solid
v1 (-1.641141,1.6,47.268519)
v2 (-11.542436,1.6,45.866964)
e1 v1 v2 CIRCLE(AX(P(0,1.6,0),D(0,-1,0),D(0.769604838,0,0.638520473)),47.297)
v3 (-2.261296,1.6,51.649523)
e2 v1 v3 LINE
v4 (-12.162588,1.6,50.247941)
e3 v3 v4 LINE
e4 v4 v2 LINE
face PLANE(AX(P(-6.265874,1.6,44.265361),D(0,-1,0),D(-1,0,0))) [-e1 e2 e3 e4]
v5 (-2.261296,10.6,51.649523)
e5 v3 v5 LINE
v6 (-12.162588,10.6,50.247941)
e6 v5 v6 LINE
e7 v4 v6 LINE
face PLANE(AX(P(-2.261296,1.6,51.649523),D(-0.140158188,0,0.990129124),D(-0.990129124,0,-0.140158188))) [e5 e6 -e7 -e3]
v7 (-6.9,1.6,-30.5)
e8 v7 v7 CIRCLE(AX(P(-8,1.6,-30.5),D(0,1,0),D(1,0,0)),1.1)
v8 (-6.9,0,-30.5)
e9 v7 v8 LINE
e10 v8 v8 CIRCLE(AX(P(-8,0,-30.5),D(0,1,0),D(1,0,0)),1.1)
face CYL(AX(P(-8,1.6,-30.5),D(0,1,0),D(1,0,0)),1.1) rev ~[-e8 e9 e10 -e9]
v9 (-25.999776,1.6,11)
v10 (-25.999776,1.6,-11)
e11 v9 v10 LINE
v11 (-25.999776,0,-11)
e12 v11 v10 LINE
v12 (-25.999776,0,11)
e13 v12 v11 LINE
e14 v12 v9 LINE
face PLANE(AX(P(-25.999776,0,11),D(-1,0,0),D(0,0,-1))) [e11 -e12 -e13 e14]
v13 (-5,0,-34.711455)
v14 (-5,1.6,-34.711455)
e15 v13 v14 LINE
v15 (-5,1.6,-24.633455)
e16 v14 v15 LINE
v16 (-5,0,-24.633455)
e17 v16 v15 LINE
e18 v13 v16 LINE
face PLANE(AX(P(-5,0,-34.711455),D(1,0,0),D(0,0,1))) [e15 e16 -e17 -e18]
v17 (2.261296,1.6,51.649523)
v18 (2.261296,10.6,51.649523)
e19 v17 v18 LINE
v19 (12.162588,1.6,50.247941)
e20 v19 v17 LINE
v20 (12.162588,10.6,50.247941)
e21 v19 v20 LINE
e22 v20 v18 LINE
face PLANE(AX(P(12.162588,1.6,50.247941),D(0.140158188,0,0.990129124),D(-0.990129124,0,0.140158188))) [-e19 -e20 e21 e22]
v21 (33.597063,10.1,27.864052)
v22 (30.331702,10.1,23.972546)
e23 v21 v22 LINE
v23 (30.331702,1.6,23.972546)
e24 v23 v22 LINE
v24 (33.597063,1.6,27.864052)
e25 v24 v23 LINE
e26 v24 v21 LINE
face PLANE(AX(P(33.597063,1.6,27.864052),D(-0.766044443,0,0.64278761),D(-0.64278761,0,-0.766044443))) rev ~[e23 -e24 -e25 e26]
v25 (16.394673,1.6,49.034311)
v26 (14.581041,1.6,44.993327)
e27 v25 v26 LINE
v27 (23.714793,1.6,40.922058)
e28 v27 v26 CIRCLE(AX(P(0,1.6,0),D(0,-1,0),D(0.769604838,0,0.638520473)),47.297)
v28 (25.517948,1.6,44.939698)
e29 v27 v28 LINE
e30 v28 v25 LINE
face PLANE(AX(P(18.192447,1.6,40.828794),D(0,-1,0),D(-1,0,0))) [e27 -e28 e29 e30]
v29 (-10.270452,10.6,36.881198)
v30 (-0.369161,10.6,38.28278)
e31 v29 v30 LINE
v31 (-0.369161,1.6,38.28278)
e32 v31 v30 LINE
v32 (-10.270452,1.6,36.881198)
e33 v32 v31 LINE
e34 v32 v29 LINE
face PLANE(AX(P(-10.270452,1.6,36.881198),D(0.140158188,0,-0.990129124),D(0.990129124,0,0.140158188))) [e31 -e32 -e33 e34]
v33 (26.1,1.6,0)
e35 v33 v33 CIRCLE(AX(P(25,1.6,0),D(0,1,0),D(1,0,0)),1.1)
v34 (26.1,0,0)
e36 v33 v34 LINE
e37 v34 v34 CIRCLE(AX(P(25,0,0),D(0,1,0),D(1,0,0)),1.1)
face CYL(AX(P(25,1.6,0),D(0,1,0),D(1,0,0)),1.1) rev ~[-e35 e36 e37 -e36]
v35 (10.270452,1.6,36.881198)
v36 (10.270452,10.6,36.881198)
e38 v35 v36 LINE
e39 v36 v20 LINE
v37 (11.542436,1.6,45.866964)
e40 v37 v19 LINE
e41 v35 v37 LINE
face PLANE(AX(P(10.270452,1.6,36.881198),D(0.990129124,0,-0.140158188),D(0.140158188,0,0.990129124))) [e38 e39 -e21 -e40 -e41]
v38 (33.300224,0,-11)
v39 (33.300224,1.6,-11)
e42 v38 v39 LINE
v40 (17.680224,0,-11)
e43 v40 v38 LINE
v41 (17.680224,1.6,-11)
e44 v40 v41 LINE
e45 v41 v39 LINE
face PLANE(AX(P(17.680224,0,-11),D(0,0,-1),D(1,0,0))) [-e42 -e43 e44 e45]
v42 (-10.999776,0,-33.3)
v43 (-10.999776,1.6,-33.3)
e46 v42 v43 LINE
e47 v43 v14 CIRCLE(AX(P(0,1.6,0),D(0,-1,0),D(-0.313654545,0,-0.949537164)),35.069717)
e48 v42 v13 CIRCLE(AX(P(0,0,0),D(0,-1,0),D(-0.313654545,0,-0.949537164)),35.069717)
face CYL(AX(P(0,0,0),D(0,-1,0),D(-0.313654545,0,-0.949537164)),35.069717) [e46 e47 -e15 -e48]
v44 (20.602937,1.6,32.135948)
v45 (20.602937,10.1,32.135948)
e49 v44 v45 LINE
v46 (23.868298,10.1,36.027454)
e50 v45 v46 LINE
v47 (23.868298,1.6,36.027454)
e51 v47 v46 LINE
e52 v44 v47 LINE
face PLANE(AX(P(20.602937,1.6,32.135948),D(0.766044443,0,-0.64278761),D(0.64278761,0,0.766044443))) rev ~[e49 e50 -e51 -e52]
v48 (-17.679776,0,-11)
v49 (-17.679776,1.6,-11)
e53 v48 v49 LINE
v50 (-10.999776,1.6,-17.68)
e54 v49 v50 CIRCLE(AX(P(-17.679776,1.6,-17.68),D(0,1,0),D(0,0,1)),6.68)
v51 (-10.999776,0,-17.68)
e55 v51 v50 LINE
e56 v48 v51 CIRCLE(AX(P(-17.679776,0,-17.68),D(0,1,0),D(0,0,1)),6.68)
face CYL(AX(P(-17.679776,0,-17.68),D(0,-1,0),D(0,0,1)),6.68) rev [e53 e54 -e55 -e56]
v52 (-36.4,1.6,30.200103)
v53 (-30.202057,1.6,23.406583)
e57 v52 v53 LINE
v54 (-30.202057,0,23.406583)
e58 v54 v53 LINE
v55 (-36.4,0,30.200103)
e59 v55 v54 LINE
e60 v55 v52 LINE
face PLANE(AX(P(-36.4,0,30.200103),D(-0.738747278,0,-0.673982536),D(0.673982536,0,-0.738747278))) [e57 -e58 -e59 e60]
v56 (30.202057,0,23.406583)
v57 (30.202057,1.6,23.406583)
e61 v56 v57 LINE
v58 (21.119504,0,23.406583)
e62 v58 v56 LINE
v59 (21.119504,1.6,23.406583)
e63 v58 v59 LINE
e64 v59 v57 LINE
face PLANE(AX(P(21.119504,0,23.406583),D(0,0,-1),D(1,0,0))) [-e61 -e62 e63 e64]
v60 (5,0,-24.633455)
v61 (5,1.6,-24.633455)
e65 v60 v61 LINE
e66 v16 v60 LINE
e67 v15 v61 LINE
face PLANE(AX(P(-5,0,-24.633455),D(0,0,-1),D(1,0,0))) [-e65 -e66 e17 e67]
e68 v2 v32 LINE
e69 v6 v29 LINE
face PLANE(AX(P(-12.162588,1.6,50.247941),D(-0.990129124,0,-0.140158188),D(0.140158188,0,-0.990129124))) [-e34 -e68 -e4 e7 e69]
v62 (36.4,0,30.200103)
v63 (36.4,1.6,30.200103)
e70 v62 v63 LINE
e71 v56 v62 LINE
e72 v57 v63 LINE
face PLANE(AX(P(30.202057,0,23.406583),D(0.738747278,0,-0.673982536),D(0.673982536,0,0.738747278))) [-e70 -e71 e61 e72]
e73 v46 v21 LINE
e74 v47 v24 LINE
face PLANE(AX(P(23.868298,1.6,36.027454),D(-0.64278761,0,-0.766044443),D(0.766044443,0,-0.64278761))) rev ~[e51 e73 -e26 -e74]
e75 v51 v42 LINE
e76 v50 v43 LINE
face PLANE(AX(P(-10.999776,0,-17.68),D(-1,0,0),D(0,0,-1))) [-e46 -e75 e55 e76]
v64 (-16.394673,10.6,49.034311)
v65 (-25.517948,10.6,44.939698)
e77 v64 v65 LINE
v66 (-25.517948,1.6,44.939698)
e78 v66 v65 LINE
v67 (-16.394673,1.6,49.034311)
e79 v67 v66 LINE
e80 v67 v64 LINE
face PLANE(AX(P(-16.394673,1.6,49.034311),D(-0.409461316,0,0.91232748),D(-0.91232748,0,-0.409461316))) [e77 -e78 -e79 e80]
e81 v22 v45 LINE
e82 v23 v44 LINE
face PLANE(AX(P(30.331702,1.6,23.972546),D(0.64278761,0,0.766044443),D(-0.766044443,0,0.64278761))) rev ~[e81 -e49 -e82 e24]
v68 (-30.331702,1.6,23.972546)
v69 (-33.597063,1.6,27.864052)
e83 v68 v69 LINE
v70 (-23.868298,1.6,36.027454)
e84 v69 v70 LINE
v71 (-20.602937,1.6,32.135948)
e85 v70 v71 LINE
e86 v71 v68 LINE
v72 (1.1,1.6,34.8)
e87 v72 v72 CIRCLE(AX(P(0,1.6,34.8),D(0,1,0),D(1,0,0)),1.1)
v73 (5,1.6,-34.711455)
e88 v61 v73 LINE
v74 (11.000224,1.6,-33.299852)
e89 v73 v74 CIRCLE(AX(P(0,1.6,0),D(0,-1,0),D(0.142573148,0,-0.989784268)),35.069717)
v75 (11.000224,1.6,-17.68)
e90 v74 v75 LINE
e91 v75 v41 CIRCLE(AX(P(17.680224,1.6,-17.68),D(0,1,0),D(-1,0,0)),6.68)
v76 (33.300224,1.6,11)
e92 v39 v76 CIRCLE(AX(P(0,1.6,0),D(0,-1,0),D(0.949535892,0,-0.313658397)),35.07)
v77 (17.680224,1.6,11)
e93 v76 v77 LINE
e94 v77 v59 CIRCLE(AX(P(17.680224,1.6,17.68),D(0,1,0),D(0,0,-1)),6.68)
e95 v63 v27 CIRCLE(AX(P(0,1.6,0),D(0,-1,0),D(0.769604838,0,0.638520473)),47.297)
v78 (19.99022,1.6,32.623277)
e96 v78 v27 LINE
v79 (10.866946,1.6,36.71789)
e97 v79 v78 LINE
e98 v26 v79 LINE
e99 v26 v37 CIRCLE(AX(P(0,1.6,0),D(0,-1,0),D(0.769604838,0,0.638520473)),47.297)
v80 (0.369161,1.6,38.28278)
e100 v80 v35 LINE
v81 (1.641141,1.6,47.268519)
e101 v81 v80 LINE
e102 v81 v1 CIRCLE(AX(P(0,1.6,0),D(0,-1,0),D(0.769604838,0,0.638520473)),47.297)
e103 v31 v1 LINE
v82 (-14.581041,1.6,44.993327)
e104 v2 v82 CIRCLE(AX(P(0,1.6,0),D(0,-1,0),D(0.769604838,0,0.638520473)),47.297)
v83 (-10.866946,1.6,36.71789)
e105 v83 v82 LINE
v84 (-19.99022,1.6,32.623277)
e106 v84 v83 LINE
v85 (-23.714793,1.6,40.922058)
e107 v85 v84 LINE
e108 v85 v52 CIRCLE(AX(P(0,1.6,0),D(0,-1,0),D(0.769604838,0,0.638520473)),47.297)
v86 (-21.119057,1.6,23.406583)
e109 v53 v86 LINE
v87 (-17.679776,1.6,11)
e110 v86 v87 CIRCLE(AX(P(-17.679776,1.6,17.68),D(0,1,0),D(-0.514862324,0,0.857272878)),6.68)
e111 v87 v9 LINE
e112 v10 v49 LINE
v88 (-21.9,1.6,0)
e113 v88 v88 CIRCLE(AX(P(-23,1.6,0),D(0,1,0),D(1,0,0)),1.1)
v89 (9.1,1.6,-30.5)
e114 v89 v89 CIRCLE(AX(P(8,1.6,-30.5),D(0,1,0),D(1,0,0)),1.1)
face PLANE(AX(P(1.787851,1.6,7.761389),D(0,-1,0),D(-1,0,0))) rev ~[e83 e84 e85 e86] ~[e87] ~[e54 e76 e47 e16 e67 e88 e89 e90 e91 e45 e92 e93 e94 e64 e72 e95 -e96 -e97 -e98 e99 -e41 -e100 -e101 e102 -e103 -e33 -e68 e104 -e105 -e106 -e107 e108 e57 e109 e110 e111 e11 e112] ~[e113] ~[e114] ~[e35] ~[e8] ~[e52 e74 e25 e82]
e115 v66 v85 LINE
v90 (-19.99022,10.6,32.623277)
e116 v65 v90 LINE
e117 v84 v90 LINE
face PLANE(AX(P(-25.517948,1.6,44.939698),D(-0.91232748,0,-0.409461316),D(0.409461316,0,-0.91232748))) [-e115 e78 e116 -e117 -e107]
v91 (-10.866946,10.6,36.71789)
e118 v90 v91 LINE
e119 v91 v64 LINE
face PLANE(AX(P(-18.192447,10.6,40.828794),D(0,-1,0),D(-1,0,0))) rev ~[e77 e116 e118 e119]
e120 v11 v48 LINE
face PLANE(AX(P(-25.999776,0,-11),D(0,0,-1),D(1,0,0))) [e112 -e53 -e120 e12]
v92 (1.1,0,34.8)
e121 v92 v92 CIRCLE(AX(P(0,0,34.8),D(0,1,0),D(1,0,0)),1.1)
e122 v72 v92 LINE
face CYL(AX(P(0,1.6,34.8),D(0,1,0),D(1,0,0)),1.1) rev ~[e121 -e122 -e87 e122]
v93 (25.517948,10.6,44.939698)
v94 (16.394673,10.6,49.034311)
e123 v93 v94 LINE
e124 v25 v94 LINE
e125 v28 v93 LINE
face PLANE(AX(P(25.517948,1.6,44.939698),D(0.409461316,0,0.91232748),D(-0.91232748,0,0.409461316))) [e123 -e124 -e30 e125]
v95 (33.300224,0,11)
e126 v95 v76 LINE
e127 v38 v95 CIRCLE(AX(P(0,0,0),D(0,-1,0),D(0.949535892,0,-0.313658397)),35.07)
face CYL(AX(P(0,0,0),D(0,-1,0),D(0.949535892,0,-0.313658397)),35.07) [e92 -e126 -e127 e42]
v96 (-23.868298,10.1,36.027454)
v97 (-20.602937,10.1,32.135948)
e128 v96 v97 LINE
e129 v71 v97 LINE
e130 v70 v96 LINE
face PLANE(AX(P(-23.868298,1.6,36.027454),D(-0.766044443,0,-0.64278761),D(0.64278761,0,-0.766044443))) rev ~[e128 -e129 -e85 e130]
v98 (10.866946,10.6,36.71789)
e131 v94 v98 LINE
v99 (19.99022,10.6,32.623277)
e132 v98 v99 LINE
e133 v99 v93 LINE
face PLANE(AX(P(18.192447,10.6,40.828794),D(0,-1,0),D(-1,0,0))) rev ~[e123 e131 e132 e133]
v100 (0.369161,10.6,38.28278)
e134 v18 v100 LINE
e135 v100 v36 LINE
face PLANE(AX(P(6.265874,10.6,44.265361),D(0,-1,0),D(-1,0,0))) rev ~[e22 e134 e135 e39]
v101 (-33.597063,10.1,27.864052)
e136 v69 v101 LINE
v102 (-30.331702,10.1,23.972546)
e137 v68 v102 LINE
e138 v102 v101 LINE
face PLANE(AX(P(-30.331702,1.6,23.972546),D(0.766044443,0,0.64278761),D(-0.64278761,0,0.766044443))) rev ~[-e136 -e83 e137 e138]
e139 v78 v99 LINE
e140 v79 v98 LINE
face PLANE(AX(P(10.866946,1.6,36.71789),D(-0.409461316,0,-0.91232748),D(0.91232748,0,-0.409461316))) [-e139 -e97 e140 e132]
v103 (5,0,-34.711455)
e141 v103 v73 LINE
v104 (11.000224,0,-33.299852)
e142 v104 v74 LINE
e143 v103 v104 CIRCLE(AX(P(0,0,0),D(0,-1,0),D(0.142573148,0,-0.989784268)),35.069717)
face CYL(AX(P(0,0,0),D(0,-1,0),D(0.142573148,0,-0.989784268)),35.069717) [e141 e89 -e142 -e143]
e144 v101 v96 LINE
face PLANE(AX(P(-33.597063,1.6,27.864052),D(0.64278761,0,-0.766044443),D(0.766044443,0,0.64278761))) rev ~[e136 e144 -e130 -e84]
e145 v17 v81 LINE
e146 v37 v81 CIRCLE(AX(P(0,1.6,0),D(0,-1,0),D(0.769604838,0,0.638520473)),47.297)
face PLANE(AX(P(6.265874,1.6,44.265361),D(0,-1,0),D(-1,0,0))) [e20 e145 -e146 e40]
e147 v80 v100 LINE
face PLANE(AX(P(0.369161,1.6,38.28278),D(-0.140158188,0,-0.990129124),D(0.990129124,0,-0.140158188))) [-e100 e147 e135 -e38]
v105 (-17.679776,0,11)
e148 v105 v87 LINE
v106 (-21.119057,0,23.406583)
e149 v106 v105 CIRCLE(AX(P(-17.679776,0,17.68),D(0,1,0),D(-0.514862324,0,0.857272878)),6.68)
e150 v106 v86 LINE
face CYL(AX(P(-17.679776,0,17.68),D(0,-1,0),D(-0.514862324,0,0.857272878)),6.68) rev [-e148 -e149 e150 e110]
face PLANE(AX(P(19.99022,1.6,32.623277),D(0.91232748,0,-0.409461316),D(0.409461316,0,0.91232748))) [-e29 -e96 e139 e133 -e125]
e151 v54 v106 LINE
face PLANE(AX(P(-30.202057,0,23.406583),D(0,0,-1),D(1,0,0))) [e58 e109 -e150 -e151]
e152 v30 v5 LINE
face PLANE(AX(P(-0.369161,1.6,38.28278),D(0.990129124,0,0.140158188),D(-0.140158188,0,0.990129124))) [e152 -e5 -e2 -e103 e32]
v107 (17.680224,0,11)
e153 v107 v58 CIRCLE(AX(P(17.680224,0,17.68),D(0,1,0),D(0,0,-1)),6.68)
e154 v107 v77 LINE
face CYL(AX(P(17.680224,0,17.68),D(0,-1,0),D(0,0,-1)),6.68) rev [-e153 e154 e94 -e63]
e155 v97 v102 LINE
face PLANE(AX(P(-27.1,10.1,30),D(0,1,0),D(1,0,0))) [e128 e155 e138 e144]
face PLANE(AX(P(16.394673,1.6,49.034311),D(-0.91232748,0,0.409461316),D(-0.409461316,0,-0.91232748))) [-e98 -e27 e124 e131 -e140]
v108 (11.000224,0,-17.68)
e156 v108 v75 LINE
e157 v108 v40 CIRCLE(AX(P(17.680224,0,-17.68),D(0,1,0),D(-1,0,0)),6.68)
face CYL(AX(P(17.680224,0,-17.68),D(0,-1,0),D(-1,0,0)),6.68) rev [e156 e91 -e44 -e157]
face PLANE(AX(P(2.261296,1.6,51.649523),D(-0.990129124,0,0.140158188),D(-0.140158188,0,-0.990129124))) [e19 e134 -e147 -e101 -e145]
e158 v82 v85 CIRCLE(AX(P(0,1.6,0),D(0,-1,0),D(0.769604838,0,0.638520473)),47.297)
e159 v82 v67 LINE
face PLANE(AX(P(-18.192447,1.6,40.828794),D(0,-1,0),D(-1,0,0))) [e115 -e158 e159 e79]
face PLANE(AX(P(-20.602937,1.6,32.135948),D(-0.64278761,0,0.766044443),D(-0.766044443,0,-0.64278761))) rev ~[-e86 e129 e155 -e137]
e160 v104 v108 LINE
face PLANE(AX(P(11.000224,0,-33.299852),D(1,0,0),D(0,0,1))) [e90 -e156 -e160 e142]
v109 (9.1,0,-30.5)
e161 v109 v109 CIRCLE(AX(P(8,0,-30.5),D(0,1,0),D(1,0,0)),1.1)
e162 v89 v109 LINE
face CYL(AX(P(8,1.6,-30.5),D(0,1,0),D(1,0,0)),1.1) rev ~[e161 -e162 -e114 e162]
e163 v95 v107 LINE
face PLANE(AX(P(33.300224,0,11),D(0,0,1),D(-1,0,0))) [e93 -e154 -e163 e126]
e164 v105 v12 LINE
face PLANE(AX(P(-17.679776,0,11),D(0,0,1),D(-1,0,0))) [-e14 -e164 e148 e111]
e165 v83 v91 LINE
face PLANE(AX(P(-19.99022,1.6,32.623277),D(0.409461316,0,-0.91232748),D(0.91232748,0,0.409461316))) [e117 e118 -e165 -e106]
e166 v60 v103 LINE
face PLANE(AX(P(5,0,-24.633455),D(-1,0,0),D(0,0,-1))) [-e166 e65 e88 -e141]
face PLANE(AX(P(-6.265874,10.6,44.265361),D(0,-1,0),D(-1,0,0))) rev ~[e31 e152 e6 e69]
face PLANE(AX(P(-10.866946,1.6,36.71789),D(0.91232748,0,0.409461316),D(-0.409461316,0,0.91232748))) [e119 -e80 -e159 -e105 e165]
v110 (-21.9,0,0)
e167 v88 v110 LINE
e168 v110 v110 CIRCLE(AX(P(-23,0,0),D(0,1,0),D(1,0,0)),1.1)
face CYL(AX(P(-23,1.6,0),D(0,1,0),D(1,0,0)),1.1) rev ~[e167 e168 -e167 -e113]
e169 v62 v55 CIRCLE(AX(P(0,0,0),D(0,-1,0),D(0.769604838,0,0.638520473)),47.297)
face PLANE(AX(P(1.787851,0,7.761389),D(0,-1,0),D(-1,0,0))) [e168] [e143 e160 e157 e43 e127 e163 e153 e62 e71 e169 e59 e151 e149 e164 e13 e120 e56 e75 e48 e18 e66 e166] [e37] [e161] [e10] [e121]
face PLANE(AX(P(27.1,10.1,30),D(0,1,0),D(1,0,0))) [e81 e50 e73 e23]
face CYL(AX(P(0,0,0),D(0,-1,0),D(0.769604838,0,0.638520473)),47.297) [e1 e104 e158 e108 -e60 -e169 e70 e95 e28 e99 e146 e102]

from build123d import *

# Parameters (mm, degrees)
BOSS_EXTRUDE1_DEPTH = 1.6
BOSS_EXTRUDE2_DEPTH = 8.5
BOSS_EXTRUDE3_DEPTH = 9
SKETCH4_R           = 1.1
CUT_EXTRUDE1_DEPTH  = 2.6


with BuildPart() as part:
    # Sketch1 → Boss-Extrude1 (new body)
    with BuildSketch(Plane(origin=(0, 0, 0), x_dir=(1, 0, 0), z_dir=(0, 1, 0))):
        with BuildLine():
            Line((-10.999776277, 17.68), (-10.999776277, 33.3))
            ThreePointArc((-10.999776277, 33.3), (-8.030956433, 34.137791623), (-5, 34.711454567))
            Line((-5, 34.711454567), (-5, 24.633454567))
            Line((-5, 24.633454567), (5, 24.633454567))
            Line((5, 24.633454567), (5, 34.711454567))
            ThreePointArc((5, 34.711454567), (8.031185785, 34.137737667), (11.000223723, 33.299852195))
            Line((11.000223723, 33.299852195), (11.000223723, 17.68))
            ThreePointArc((11.000223723, 17.68), (12.956750425, 12.956526702), (17.680223723, 11))
            Line((17.680223723, 11), (33.300223723, 11))
            ThreePointArc((33.300223723, 11), (35.07, 0), (33.300223723, -11))
            Line((33.300223723, -11), (17.680223723, -11))
            ThreePointArc((17.680223723, -11), (11.24298933, -19.464492467), (21.119504048, -23.406582825))
            Line((21.119504048, -23.406582825), (30.202056601, -23.406582825))
            Line((30.202056601, -23.406582825), (36.4, -30.200102798))
            ThreePointArc((36.4, -30.200102798), (0, -47.297), (-36.4, -30.200102798))
            Line((-36.4, -30.200102798), (-30.202056601, -23.406582825))
            Line((-30.202056601, -23.406582825), (-21.119056601, -23.406582825))
            ThreePointArc((-21.119056601, -23.406582825), (-11.242541883, -19.464492467), (-17.679776277, -11))
            Line((-17.679776277, -11), (-25.999776277, -11))
            Line((-25.999776277, -11), (-25.999776277, 11))
            Line((-25.999776277, 11), (-17.679776277, 11))
            ThreePointArc((-17.679776277, 11), (-12.956302978, 12.956526702), (-10.999776277, 17.68))
        make_face()
    extrude(amount=BOSS_EXTRUDE1_DEPTH)

    # Sketch2 → Boss-Extrude2 (add)
    with BuildSketch(Plane(origin=(0, 1.6, 0), x_dir=(1, 0, 0), z_dir=(0, 1, 0))):
        Polygon((-33.597062742, -27.864051564), (-23.868298315, -36.027454207), (-20.602937258, -32.135948436), (-30.331701685, -23.972545793), align=None)
        Polygon((23.868298315, -36.027454207), (33.597062742, -27.864051564), (30.331701685, -23.972545793), (20.602937258, -32.135948436), align=None)
    extrude(amount=BOSS_EXTRUDE2_DEPTH)

    # Sketch3 → Boss-Extrude3 (add)
    with BuildSketch(Plane(origin=(0, 1.6, 0), x_dir=(1, 0, 0), z_dir=(0, 1, 0))):
        Polygon((-25.517948101, -44.939697826), (-19.990220336, -32.623276846), (-10.866945536, -36.717890005), (-16.394673301, -49.034310985), align=None)
        Polygon((-0.36916096, -38.28278004), (-2.261296496, -51.649523215), (-12.162587737, -50.247941336), (-10.2704522, -36.881198161), align=None)
        Polygon((2.261296496, -51.649523215), (0.36916096, -38.28278004), (10.2704522, -36.881198161), (12.162587737, -50.247941336), align=None)
        Polygon((16.394673301, -49.034310985), (10.866945536, -36.717890005), (19.990220336, -32.623276846), (25.517948101, -44.939697826), align=None)
    extrude(amount=BOSS_EXTRUDE3_DEPTH)

    # Sketch4 → Cut-Extrude1 (cut, through all)
    with BuildSketch(Plane(origin=(0, 1.6, 0), x_dir=(1, 0, 0), z_dir=(0, 1, 0))):
        with Locations((0, -34.8)):
            Circle(SKETCH4_R)
        with Locations((25, 0)):
            Circle(SKETCH4_R)
        with Locations((-23, 0)):
            Circle(SKETCH4_R)
        with Locations((-8, 30.5)):
            Circle(SKETCH4_R)
        with Locations((8, 30.5)):
            Circle(SKETCH4_R)
    extrude(amount=-CUT_EXTRUDE1_DEPTH, mode=Mode.SUBTRACT)


solid = part.part
